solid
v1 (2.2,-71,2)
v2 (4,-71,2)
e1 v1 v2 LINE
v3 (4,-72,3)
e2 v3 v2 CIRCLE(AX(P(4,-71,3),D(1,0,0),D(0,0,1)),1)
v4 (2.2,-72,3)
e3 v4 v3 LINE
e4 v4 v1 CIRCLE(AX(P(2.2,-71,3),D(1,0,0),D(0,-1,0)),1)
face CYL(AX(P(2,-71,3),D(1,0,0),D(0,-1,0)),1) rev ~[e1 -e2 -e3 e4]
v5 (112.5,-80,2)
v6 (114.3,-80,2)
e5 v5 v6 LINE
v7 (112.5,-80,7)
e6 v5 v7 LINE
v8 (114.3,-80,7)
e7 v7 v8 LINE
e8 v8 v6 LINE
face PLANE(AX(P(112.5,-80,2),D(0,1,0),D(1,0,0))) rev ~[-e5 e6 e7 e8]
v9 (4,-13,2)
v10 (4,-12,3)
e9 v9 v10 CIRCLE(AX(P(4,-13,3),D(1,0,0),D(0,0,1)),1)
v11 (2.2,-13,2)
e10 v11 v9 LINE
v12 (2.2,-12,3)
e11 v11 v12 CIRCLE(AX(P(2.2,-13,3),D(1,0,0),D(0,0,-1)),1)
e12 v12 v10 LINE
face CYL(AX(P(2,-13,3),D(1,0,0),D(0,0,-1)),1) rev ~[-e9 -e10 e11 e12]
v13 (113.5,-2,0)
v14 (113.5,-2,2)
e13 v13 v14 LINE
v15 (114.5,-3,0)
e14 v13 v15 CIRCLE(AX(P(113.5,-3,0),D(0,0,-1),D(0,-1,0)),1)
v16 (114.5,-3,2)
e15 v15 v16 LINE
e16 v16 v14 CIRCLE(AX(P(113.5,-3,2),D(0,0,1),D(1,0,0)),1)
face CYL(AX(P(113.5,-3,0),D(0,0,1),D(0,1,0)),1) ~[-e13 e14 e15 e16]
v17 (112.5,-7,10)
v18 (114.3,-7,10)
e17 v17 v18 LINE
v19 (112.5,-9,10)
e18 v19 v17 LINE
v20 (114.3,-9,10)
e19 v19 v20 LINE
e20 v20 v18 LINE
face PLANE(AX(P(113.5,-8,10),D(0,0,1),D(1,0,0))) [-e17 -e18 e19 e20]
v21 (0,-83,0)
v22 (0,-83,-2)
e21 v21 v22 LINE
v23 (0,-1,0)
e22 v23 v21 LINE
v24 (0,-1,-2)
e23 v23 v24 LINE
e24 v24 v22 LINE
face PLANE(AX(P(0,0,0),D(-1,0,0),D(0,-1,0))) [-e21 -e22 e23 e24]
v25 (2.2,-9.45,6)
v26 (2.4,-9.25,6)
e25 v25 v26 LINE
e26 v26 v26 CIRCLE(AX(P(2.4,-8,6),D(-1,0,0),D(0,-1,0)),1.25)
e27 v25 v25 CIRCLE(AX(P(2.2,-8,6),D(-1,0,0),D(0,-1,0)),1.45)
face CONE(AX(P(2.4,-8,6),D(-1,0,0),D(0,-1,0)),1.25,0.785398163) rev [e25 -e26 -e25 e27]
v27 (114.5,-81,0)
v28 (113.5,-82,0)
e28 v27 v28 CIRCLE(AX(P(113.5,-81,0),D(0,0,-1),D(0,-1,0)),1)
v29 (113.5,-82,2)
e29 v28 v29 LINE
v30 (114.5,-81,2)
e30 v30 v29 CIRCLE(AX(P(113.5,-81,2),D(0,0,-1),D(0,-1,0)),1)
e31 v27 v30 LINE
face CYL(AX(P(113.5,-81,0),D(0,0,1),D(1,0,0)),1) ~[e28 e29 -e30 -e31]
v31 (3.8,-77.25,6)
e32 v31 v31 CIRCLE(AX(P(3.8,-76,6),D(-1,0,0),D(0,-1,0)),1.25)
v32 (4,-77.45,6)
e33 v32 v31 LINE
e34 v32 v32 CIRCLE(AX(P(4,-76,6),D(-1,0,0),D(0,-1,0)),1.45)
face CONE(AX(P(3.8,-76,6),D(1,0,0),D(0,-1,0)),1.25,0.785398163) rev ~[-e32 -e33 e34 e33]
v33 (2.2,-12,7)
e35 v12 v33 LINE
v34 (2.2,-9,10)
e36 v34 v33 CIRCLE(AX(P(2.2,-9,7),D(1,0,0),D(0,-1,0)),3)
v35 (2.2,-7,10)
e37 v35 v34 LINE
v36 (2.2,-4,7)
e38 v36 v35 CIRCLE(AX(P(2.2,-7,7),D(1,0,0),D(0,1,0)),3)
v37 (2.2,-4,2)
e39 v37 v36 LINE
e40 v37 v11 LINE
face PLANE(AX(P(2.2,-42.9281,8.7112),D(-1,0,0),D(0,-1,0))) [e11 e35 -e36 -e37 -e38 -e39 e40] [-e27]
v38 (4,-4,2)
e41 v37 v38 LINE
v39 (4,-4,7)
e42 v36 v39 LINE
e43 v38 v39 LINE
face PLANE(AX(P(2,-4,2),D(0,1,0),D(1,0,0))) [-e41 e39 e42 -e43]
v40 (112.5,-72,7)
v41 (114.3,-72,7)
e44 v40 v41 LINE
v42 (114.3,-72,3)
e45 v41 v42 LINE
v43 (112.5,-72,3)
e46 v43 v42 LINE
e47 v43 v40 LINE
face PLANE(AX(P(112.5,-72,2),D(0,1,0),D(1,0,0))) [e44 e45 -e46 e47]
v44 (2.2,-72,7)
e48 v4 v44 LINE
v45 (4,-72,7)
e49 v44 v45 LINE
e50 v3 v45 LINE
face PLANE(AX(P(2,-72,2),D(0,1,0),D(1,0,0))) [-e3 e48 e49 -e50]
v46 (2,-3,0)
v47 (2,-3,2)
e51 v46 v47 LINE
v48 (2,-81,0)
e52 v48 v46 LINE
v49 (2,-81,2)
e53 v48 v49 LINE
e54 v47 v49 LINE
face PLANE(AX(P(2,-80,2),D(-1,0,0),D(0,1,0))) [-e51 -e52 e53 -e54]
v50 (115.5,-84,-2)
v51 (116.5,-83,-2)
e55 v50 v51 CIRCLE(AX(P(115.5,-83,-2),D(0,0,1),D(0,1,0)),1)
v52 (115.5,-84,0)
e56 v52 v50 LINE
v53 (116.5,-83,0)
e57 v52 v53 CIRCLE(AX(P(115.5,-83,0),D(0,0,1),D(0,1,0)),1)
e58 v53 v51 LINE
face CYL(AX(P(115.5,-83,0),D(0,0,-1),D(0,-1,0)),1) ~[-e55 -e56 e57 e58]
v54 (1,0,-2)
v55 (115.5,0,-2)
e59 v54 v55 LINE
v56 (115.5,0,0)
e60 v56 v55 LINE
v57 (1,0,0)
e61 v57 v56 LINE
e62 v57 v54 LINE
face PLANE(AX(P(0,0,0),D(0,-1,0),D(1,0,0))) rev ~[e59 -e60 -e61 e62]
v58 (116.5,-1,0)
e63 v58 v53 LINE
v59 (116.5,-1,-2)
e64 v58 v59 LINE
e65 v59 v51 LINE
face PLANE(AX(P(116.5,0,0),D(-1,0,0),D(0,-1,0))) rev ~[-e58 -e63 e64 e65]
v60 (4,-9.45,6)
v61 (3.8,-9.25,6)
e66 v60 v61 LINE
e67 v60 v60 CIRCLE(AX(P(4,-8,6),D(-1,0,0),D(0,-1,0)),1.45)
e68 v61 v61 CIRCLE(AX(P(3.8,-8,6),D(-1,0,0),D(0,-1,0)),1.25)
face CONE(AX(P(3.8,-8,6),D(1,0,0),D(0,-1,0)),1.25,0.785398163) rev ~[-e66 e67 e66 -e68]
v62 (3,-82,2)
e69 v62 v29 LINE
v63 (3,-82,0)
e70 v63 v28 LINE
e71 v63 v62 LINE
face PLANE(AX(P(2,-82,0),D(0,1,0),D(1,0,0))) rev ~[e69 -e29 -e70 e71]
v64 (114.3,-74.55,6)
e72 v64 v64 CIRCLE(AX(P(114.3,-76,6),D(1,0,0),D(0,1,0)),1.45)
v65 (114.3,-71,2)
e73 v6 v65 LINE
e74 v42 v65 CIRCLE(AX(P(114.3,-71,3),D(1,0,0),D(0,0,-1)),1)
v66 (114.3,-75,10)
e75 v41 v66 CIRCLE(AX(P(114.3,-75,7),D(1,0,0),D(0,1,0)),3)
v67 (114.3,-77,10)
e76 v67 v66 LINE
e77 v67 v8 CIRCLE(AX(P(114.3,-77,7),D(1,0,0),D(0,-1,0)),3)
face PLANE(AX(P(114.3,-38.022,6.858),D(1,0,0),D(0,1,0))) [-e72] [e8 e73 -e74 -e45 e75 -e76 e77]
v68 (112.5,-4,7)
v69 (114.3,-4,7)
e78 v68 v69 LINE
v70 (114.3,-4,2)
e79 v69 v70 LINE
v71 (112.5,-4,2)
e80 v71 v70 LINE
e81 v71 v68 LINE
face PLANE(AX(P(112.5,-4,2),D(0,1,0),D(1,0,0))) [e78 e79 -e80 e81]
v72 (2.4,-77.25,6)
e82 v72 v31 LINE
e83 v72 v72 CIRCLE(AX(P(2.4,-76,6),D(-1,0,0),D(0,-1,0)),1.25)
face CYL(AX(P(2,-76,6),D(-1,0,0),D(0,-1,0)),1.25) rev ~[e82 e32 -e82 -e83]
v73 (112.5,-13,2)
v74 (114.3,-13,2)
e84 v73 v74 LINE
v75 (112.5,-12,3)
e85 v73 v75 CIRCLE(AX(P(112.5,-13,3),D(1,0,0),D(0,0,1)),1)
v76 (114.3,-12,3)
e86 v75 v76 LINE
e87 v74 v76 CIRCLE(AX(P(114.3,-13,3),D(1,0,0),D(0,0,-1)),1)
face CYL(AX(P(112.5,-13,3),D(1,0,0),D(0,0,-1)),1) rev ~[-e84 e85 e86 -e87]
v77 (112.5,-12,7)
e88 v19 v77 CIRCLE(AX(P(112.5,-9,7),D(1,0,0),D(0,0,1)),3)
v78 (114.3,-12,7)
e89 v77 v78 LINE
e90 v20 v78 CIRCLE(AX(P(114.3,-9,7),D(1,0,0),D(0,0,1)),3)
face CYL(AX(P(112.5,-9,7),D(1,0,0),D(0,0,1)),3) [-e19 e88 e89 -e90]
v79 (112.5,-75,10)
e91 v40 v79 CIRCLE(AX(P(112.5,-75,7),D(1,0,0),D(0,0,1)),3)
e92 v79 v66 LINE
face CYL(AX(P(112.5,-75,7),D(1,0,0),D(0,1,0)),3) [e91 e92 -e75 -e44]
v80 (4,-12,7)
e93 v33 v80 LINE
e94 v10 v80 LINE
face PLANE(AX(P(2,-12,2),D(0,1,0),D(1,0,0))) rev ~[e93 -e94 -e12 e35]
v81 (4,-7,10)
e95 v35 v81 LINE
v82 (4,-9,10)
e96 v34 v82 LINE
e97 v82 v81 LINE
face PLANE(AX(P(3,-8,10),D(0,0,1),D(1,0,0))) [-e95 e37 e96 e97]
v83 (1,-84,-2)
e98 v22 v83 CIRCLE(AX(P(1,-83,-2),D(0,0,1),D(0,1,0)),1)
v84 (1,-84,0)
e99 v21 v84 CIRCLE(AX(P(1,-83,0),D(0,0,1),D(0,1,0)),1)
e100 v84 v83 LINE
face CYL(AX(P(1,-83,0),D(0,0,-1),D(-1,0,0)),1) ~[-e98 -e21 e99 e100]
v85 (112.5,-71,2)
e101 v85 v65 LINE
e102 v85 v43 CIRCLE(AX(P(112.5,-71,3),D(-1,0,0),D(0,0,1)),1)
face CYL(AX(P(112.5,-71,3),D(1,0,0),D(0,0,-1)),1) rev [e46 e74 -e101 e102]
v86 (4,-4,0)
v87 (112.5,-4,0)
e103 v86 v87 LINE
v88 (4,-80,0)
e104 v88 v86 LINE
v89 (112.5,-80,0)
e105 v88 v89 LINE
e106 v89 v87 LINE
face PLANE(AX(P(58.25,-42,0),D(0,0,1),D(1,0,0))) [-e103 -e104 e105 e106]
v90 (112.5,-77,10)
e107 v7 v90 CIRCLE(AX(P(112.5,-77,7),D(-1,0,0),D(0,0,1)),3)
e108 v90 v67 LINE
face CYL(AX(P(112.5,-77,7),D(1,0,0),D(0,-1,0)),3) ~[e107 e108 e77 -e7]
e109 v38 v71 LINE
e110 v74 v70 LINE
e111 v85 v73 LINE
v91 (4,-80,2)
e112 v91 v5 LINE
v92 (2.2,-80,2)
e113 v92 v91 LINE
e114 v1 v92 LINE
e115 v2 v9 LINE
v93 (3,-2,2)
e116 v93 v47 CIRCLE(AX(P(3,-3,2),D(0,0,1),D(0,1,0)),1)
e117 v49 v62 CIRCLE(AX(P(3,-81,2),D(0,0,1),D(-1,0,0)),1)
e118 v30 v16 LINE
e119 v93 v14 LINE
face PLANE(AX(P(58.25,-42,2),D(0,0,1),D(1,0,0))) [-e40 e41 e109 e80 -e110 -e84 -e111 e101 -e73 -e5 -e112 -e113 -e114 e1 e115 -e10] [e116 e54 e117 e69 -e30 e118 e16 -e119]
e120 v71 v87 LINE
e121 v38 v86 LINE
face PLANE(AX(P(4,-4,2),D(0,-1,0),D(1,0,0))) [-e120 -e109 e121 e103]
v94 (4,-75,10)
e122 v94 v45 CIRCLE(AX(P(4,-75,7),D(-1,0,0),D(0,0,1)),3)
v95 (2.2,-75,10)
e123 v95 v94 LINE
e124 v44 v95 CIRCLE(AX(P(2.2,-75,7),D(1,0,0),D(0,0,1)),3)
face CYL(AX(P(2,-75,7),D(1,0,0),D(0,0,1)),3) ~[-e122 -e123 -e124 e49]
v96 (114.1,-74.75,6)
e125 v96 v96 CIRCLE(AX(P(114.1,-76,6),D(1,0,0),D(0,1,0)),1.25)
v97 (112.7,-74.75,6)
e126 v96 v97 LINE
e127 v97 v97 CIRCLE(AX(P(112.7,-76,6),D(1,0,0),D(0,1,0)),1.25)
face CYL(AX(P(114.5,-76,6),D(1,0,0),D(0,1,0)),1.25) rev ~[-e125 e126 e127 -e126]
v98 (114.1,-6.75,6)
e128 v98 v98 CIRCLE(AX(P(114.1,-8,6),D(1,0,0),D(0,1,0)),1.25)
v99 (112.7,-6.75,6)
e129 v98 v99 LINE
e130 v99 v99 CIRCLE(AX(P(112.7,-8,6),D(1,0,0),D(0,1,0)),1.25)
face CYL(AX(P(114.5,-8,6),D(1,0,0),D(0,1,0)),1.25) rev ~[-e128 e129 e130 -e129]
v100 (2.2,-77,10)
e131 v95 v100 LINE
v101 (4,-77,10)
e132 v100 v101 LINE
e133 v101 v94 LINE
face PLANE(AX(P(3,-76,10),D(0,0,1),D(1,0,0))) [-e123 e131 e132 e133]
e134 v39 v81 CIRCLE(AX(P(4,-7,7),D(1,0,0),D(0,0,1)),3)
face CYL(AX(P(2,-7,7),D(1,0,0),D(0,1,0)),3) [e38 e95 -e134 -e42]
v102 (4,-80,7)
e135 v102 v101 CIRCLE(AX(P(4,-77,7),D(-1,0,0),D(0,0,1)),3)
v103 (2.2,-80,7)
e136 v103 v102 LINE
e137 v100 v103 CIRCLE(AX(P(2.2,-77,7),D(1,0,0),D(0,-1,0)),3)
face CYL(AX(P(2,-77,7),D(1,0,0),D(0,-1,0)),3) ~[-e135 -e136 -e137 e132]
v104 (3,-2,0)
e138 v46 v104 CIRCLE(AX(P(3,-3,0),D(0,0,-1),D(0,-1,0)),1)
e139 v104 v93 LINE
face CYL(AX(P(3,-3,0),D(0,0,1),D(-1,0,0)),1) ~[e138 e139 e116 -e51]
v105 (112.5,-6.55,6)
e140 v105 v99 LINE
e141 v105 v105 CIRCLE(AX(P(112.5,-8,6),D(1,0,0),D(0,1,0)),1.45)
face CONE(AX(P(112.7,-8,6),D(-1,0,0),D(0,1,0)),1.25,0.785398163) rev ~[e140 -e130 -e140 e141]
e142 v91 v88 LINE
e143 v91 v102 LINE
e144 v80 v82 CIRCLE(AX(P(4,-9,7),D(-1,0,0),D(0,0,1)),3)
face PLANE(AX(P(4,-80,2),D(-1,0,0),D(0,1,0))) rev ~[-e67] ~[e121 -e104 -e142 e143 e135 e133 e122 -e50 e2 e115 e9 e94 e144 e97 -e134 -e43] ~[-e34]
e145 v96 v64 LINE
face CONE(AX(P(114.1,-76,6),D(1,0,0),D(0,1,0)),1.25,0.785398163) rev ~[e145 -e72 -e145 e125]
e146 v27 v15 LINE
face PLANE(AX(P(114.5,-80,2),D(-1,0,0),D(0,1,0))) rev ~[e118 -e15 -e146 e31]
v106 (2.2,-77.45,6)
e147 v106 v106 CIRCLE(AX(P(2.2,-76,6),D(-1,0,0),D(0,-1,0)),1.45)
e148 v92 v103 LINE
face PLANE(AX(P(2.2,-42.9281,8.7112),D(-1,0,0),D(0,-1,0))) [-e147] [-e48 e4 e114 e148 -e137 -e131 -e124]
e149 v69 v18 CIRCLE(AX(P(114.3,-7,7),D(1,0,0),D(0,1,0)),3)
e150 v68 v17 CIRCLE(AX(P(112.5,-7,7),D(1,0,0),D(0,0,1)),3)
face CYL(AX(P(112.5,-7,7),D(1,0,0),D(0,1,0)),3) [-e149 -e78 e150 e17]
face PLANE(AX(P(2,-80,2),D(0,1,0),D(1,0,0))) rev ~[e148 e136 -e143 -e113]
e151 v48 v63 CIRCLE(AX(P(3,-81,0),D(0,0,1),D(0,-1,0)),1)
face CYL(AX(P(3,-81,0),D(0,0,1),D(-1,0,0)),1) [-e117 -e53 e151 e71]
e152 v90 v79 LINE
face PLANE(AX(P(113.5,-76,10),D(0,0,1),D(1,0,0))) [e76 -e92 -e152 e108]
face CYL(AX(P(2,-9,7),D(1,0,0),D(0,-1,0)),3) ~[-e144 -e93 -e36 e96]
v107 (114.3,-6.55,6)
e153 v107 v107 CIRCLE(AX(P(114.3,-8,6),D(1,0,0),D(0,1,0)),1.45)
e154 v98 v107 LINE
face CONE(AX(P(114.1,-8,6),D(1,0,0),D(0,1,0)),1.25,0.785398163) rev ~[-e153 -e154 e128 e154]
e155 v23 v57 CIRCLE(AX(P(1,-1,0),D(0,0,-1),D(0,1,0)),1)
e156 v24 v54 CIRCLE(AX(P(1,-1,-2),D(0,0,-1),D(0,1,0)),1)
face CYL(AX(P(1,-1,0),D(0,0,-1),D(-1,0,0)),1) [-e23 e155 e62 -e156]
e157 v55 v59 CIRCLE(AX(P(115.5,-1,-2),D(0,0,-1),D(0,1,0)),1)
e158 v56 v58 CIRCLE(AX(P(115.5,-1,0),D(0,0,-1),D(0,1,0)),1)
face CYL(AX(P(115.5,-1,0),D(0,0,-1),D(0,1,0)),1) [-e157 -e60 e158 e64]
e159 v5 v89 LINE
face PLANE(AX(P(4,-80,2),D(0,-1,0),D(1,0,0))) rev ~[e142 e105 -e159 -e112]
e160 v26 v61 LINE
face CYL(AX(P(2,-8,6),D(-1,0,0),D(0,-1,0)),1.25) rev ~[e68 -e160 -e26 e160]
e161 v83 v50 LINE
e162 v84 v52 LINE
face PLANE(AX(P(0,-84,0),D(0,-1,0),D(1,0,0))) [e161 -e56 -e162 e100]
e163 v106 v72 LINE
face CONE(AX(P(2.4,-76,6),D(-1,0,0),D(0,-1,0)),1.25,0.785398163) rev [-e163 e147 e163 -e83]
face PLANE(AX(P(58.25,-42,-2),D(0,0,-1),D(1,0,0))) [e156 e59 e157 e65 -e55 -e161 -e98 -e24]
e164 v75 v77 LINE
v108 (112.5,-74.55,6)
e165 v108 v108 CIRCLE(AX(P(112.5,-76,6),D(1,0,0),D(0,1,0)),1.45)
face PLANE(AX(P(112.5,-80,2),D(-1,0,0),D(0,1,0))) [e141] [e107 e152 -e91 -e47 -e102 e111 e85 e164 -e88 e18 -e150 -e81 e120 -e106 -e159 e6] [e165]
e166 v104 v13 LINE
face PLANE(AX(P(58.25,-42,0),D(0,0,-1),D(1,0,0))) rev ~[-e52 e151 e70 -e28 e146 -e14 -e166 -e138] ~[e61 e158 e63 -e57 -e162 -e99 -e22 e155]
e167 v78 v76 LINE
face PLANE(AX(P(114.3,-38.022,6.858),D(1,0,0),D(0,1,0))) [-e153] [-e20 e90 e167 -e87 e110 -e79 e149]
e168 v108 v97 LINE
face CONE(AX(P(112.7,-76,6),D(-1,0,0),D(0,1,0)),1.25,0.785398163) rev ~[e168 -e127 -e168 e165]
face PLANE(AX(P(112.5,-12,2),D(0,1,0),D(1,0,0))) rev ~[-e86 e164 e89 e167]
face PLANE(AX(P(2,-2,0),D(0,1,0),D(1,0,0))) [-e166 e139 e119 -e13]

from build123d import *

# Parameters (mm, degrees)
SKETCH007_W     = 116.5
SKETCH007_H     = 84
PAD002_DEPTH    = 2
SKETCH008_W     = 112.5
SKETCH008_H     = 80
PAD003_DEPTH    = 2
SKETCH009_W     = 108.5
SKETCH009_H     = 76
POCKET004_DEPTH = 2
FILLET008_R     = 1
SKETCH010_W     = 2
SKETCH010_H     = 8
PAD004_DEPTH    = 8
FILLET010_R     = 3
SKETCH011_R     = 1.25
POCKET005_DEPTH = 2
SKETCH012_W     = 2
SKETCH012_H     = 8
PAD005_DEPTH    = 8
SKETCH013_W     = 2
SKETCH013_H     = 8
PAD006_DEPTH    = 8
SKETCH014_W     = 2
SKETCH014_H     = 8
PAD007_DEPTH    = 8
FILLET011_R     = 3
FILLET012_R     = 3
FILLET013_R     = 3
SKETCH015_R     = 1.25
POCKET006_DEPTH = 5
SKETCH016_R     = 1.25
POCKET007_DEPTH = 5
SKETCH017_R     = 1.25
POCKET008_DEPTH = 5
FILLET014_R     = 1
FILLET015_R     = 1
FILLET016_R     = 1
SKETCH018_W     = 88.5656
SKETCH018_H     = 13.4224
POCKET009_DEPTH = 0.2
SKETCH019_W     = 85.956
SKETCH019_H     = 9.716
POCKET010_DEPTH = 0.2
CHAMFER006_SIZE = 0.2
CHAMFER007_SIZE = 0.2
CHAMFER008_SIZE = 0.2
CHAMFER009_SIZE = 0.2


with BuildPart() as part:
    # Sketch007 → Pad002 (new body)
    with BuildSketch(Plane(origin=(0, 0, 0), x_dir=(1, 0, 0), z_dir=(0, 0, -1))):
        with Locations((58.25, 42)):
            Rectangle(SKETCH007_W, SKETCH007_H)
    extrude(amount=PAD002_DEPTH)

    # Sketch008 (on Face5 of Pad002) → Pad003 (new body)
    with BuildSketch(Plane.XY):
        with Locations((58.25, -42)):
            Rectangle(SKETCH008_W, SKETCH008_H)
    extrude(amount=PAD003_DEPTH)

    # Sketch009 (on Face11 of Pad003) → Pocket004 (cut)
    with BuildSketch(Plane.XY.offset(2)):
        with Locations((58.25, -42)):
            Rectangle(SKETCH009_W, SKETCH009_H)
    extrude(amount=-POCKET004_DEPTH, mode=Mode.SUBTRACT)

    # Fillet008
    fillet008_edges = [part.edges().sort_by_distance(p)[0] for p in [
        (0, 0, -1),
        (116.5, 0, -1),
        (0, -84, -1),
        (116.5, -84, -1),
        (114.5, -82, 1),
        (2, -82, 1),
        (114.5, -2, 1),
        (2, -2, 1),
    ]]
    fillet(fillet008_edges, radius=FILLET008_R)

    # Sketch010 (on Face19 of Fillet008) → Pad004 (new body)
    with BuildSketch(Plane.XY.offset(2)):
        with Locations((3, -8)):
            Rectangle(SKETCH010_W, SKETCH010_H)
    extrude(amount=PAD004_DEPTH)

    # Fillet010
    fillet010_edges = [part.edges().sort_by_distance(p)[0] for p in [
        (3, -4, 10),
        (3, -12, 10),
    ]]
    fillet(fillet010_edges, radius=FILLET010_R)

    # Sketch011 (on Face5 of Fillet010) → Pocket005 (cut)
    with BuildSketch(Plane(origin=(2, 0, 0), x_dir=(0, -1, 0), z_dir=(-1, 0, 0))):
        with Locations((8, 6)):
            Circle(SKETCH011_R)
    extrude(amount=-POCKET005_DEPTH, mode=Mode.SUBTRACT)

    # Sketch012 (on Face11 of Pocket005) → Pad005 (new body)
    with BuildSketch(Plane.XY.offset(2)):
        with Locations((3, -76)):
            Rectangle(SKETCH012_W, SKETCH012_H)
    extrude(amount=PAD005_DEPTH)

    # Sketch013 (on Face11 of Pad005) → Pad006 (new body)
    with BuildSketch(Plane.XY.offset(2)):
        with Locations((113.5, -8)):
            Rectangle(SKETCH013_W, SKETCH013_H)
    extrude(amount=PAD006_DEPTH)

    # Sketch014 (on Face20 of Pad006) → Pad007 (new body)
    with BuildSketch(Plane.XY.offset(2)):
        with Locations((113.5, -76)):
            Rectangle(SKETCH014_W, SKETCH014_H)
    extrude(amount=PAD007_DEPTH)

    # Fillet011
    fillet011_edges = [part.edges().sort_by_distance(p)[0] for p in [
        (113.5, -72, 10),
        (113.5, -80, 10),
    ]]
    fillet(fillet011_edges, radius=FILLET011_R)

    # Fillet012
    fillet012_edges = [part.edges().sort_by_distance(p)[0] for p in [
        (113.5, -4, 10),
        (113.5, -12, 10),
    ]]
    fillet(fillet012_edges, radius=FILLET012_R)

    # Fillet013
    fillet013_edges = [part.edges().sort_by_distance(p)[0] for p in [
        (3, -72, 10),
        (3, -80, 10),
    ]]
    fillet(fillet013_edges, radius=FILLET013_R)

    # Sketch015 (on Face2 of Fillet013) → Pocket006 (cut)
    with BuildSketch(Plane(origin=(2, 0, 0), x_dir=(0, -1, 0), z_dir=(-1, 0, 0))):
        with Locations((76, 6)):
            Circle(SKETCH015_R)
    extrude(amount=-POCKET006_DEPTH, mode=Mode.SUBTRACT)

    # Sketch016 (on Face25 of Pocket006) → Pocket007 (cut)
    with BuildSketch(Plane.YZ.offset(114.5)):
        with Locations((-76, 6)):
            Circle(SKETCH016_R)
    extrude(amount=-POCKET007_DEPTH, mode=Mode.SUBTRACT)

    # Sketch017 (on Face24 of Pocket007) → Pocket008 (cut)
    with BuildSketch(Plane.YZ.offset(114.5)):
        with Locations((-8, 6)):
            Circle(SKETCH017_R)
    extrude(amount=-POCKET008_DEPTH, mode=Mode.SUBTRACT)

    # Fillet014
    fillet014_edges = [part.edges().sort_by_distance(p)[0] for p in [
        (113.5, -72, 2),
    ]]
    fillet(fillet014_edges, radius=FILLET014_R)

    # Fillet015
    fillet015_edges = [part.edges().sort_by_distance(p)[0] for p in [
        (3, -72, 2),
        (3, -12, 2),
    ]]
    fillet(fillet015_edges, radius=FILLET015_R)

    # Fillet016
    fillet016_edges = [part.edges().sort_by_distance(p)[0] for p in [
        (113.5, -12, 2),
    ]]
    fillet(fillet016_edges, radius=FILLET016_R)

    # Sketch018 (on Face46 of Fillet016) → Pocket009 (cut)
    with BuildSketch(Plane(origin=(2, 0, 0), x_dir=(0, -1, 0), z_dir=(-1, 0, 0))):
        with Locations((42.9281, 8.7112)):
            Rectangle(SKETCH018_W, SKETCH018_H)
    extrude(amount=-POCKET009_DEPTH, mode=Mode.SUBTRACT)

    # Sketch019 (on Face4 of Pocket009) → Pocket010 (cut)
    with BuildSketch(Plane.YZ.offset(114.5)):
        with Locations((-38.022, 6.858)):
            Rectangle(SKETCH019_W, SKETCH019_H)
    extrude(amount=-POCKET010_DEPTH, mode=Mode.SUBTRACT)

    # Chamfer006
    chamfer006_edges = [part.edges().sort_by_distance(p)[0] for p in [
        (114.3, -9.25, 6),
    ]]
    chamfer(chamfer006_edges, length=CHAMFER006_SIZE)

    # Chamfer007
    chamfer007_edges = [part.edges().sort_by_distance(p)[0] for p in [
        (114.3, -77.25, 6),
    ]]
    chamfer(chamfer007_edges, length=CHAMFER007_SIZE)

    # Chamfer008
    chamfer008_edges = [part.edges().sort_by_distance(p)[0] for p in [
        (2.2, -74.75, 6),
        (2.2, -6.75, 6),
        (4, -6.75, 6),
        (4, -74.75, 6),
    ]]
    chamfer(chamfer008_edges, length=CHAMFER008_SIZE)

    # Chamfer009
    chamfer009_edges = [part.edges().sort_by_distance(p)[0] for p in [
        (112.5, -77.25, 6),
        (112.5, -9.25, 6),
    ]]
    chamfer(chamfer009_edges, length=CHAMFER009_SIZE)


solid = part.part
